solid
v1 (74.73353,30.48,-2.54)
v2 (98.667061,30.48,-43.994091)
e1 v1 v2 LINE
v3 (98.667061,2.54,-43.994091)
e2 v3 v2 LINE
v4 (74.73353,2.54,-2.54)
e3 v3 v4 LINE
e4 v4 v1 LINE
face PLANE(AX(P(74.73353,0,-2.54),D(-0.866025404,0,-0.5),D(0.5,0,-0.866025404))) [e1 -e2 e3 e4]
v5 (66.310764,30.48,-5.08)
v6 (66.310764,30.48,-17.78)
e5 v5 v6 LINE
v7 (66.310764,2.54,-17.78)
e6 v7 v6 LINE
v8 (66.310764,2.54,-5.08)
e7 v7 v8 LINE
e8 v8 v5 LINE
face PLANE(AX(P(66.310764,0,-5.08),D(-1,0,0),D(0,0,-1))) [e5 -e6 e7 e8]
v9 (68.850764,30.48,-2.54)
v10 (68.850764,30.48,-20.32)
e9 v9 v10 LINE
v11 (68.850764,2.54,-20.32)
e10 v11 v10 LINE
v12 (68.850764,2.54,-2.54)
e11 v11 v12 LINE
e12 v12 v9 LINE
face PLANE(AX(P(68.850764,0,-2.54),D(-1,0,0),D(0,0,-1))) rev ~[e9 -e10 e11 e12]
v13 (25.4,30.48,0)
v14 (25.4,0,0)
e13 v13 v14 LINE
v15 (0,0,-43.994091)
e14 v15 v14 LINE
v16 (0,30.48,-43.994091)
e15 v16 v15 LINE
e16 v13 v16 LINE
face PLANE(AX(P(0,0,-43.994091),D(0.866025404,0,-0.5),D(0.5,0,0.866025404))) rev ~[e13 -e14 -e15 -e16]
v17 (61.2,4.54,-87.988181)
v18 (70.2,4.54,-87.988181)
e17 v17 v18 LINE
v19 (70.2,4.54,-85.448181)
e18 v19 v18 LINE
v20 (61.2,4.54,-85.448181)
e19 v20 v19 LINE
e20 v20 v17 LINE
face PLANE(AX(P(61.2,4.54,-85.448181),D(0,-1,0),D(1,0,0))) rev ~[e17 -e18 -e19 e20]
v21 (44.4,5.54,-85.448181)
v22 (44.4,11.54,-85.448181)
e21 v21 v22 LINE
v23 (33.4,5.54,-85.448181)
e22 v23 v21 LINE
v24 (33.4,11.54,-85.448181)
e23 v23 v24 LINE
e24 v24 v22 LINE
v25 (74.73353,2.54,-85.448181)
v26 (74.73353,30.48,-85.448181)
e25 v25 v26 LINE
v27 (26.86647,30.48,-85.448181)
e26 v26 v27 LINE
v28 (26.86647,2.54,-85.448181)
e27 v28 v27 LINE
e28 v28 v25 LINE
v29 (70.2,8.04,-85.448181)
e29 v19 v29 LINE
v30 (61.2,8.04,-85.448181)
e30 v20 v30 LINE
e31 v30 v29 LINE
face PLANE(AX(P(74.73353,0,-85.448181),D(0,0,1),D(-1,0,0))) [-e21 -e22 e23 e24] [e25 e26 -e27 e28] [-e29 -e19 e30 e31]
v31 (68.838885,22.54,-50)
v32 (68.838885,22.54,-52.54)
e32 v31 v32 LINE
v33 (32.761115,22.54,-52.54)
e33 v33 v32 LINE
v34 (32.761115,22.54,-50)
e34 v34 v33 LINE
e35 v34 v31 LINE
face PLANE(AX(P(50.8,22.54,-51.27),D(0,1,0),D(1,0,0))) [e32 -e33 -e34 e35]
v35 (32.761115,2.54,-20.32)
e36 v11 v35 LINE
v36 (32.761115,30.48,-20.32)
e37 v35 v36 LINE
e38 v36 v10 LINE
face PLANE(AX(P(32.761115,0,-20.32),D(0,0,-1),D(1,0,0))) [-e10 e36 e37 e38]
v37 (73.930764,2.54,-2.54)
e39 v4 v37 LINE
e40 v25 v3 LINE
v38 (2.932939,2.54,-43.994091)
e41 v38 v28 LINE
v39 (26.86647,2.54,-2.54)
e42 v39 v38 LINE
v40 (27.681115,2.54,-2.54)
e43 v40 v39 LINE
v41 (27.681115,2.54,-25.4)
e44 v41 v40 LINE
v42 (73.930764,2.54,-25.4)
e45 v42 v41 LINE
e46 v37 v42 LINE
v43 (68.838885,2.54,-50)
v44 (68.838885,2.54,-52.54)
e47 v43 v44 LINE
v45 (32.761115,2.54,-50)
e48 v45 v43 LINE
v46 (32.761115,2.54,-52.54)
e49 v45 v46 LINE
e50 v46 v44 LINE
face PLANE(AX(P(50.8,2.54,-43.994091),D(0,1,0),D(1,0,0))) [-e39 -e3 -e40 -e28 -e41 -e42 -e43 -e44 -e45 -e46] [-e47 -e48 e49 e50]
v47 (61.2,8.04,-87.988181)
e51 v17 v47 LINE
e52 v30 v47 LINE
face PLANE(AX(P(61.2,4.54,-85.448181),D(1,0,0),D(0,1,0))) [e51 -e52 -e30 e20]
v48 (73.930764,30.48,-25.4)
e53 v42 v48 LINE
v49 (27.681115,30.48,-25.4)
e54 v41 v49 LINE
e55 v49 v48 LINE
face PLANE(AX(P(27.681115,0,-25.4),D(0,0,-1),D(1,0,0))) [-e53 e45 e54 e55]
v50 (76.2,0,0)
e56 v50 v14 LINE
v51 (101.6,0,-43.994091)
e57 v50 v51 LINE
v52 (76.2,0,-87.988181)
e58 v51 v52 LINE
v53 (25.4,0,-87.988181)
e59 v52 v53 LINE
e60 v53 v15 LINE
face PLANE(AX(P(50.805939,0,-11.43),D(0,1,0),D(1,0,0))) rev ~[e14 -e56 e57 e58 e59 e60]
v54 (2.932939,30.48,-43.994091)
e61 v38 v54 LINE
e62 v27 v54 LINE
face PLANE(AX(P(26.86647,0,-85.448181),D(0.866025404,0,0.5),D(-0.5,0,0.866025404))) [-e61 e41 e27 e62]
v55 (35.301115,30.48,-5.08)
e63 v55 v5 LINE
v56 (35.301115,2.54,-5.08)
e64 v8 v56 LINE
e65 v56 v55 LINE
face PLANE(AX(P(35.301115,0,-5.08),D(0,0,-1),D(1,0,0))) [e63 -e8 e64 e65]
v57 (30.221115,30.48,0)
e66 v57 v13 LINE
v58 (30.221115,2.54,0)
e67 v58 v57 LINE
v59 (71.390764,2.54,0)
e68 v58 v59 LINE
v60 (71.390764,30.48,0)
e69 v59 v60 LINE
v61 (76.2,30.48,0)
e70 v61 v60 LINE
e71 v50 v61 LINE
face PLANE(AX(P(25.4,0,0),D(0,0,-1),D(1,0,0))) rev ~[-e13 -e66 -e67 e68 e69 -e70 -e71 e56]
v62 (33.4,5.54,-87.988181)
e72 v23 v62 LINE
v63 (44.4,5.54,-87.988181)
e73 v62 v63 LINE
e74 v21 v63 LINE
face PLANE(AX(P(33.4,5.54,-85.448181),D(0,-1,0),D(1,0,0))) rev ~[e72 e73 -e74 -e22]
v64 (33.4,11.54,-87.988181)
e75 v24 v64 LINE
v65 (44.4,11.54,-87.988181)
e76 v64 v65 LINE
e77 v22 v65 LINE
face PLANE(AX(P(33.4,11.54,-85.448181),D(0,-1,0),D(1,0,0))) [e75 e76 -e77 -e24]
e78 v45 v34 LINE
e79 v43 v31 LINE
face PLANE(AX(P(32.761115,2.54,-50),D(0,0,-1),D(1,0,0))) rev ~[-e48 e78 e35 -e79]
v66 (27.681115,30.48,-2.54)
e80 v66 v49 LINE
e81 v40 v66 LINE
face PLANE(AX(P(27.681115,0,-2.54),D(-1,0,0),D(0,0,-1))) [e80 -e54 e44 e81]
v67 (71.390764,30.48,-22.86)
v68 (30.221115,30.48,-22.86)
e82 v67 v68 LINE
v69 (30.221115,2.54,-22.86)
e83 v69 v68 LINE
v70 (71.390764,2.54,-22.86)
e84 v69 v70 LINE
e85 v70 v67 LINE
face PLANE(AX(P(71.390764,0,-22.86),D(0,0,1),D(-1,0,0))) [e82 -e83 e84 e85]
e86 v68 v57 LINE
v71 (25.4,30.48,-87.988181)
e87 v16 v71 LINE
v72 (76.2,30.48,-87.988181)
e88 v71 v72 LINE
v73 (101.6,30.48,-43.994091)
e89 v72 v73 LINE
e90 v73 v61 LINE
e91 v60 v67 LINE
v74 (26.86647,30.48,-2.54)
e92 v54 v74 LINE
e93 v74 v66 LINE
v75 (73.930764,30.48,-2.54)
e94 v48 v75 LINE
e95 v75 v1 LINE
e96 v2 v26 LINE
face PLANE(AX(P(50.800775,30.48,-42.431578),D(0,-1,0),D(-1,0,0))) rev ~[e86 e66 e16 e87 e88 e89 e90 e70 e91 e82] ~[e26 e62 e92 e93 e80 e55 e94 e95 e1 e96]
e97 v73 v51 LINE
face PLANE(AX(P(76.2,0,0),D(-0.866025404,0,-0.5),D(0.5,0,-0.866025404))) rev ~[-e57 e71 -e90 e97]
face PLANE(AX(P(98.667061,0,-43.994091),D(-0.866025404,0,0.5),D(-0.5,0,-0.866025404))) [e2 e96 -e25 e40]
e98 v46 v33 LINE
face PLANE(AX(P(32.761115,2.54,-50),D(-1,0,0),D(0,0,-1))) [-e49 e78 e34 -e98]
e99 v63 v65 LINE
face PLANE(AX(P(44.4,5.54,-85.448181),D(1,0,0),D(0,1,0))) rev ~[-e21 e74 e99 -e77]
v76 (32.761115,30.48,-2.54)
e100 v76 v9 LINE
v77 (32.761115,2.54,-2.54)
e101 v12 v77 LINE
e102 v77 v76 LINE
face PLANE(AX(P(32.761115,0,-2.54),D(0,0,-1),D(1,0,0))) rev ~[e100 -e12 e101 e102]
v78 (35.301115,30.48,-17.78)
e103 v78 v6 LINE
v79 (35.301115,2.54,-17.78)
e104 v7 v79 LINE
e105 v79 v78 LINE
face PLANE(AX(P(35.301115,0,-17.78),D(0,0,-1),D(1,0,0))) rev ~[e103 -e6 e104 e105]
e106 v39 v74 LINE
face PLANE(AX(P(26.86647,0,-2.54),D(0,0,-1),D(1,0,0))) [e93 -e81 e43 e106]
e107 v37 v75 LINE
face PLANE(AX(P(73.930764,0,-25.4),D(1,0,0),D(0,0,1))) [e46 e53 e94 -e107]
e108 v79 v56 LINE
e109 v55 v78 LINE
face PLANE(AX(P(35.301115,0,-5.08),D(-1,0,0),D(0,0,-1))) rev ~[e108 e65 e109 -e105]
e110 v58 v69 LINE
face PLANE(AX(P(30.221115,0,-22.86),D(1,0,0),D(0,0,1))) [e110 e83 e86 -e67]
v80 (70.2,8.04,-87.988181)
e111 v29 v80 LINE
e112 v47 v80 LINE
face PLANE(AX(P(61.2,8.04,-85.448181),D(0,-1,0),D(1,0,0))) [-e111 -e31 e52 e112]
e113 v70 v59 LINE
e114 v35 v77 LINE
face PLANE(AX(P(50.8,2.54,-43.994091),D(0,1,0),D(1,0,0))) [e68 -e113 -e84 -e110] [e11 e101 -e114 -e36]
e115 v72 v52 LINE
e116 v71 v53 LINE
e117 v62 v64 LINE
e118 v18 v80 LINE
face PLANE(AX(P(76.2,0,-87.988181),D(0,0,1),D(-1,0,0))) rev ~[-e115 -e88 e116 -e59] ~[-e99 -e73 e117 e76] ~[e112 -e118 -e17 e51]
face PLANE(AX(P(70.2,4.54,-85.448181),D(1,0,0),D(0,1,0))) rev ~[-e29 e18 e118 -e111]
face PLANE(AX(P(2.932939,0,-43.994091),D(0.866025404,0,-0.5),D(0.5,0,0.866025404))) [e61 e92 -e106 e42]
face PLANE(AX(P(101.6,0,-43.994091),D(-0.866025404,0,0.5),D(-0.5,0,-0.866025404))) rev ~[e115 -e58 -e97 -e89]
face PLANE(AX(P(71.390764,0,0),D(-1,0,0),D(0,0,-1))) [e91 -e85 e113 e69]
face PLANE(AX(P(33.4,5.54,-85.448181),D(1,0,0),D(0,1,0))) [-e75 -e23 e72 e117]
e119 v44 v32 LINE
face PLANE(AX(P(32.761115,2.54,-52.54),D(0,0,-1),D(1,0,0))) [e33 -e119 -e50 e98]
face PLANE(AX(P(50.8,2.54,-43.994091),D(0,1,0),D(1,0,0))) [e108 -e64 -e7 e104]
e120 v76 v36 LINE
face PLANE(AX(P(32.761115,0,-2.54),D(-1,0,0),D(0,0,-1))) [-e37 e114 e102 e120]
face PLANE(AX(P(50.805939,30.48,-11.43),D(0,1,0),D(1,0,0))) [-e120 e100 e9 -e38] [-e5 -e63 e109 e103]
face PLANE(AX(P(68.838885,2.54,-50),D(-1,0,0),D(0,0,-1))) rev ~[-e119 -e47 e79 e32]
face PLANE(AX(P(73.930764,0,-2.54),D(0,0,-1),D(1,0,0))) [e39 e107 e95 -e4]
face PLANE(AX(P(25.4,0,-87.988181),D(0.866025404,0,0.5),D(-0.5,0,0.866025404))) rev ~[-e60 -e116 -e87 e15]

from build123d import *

# Parameters (mm, degrees)
BOSS_EXTRUDE1_DEPTH = 2.54
SKETCH3_W           = 36.089649417
SKETCH3_H           = 17.78
SKETCH3_W_2         = 31.009649417
SKETCH3_H_2         = 12.7
BOSS_EXTRUDE2_DEPTH = 30.48
SKETCH5_W           = 36.077770682
SKETCH5_H           = 2.54
BOSS_EXTRUDE3_DEPTH = 20
SKETCH7_W           = 9
SKETCH7_H           = 3.5
SKETCH7_W_2         = 11
SKETCH7_H_2         = 6
CUT_EXTRUDE1_DEPTH  = 3.54


with BuildPart() as part:
    # Sketch2 → Boss-Extrude1 (new body)
    with BuildSketch(Plane(origin=(0, 0, 0), x_dir=(1, 0, 0), z_dir=(0, 1, 0))):
        Polygon((76.2, 0), (101.6, 43.994090512), (76.2, 87.988181024), (25.4, 87.988181024), (0, 43.994090512), (25.4, 0), align=None)
    extrude(amount=BOSS_EXTRUDE1_DEPTH)

    # Sketch3 → Boss-Extrude2 (add)
    with BuildSketch(Plane(origin=(0, 0, 0), x_dir=(1, 0, 0), z_dir=(0, 1, 0))):
        with Locations((50.805939368, 11.43)):
            Rectangle(SKETCH3_W, SKETCH3_H)
        with Locations((50.805939368, 11.43)):
            Rectangle(SKETCH3_W_2, SKETCH3_H_2, mode=Mode.SUBTRACT)
        Polygon((30.221114659, 22.86), (30.221114659, 0), (25.4, 0), (0, 43.994090512), (25.4, 87.988181024), (76.2, 87.988181024), (101.6, 43.994090512), (76.2, 0), (71.390764076, 0), (71.390764076, 22.86), align=None)
        Polygon((73.930764076, 2.54), (74.733530316, 2.54), (98.667060633, 43.994090512), (74.733530316, 85.448181024), (26.866469684, 85.448181024), (2.932939367, 43.994090512), (26.866469684, 2.54), (27.681114659, 2.54), (27.681114659, 25.4), (73.930764076, 25.4), align=None, mode=Mode.SUBTRACT)
    extrude(amount=BOSS_EXTRUDE2_DEPTH)

    # Sketch5 → Boss-Extrude3 (add)
    with BuildSketch(Plane(origin=(0, 2.54, 0), x_dir=(1, 0, 0), z_dir=(0, 1, 0))):
        with Locations((50.8, 51.27)):
            Rectangle(SKETCH5_W, SKETCH5_H)
    extrude(amount=BOSS_EXTRUDE3_DEPTH)

    # Sketch7 → Cut-Extrude1 (cut, through all)
    with BuildSketch(Plane.XY.offset(-85.448181024)):
        with Locations((65.7, 6.29)):
            Rectangle(SKETCH7_W, SKETCH7_H)
        with Locations((38.9, 8.54)):
            Rectangle(SKETCH7_W_2, SKETCH7_H_2)
    extrude(amount=-CUT_EXTRUDE1_DEPTH, mode=Mode.SUBTRACT)


solid = part.part
